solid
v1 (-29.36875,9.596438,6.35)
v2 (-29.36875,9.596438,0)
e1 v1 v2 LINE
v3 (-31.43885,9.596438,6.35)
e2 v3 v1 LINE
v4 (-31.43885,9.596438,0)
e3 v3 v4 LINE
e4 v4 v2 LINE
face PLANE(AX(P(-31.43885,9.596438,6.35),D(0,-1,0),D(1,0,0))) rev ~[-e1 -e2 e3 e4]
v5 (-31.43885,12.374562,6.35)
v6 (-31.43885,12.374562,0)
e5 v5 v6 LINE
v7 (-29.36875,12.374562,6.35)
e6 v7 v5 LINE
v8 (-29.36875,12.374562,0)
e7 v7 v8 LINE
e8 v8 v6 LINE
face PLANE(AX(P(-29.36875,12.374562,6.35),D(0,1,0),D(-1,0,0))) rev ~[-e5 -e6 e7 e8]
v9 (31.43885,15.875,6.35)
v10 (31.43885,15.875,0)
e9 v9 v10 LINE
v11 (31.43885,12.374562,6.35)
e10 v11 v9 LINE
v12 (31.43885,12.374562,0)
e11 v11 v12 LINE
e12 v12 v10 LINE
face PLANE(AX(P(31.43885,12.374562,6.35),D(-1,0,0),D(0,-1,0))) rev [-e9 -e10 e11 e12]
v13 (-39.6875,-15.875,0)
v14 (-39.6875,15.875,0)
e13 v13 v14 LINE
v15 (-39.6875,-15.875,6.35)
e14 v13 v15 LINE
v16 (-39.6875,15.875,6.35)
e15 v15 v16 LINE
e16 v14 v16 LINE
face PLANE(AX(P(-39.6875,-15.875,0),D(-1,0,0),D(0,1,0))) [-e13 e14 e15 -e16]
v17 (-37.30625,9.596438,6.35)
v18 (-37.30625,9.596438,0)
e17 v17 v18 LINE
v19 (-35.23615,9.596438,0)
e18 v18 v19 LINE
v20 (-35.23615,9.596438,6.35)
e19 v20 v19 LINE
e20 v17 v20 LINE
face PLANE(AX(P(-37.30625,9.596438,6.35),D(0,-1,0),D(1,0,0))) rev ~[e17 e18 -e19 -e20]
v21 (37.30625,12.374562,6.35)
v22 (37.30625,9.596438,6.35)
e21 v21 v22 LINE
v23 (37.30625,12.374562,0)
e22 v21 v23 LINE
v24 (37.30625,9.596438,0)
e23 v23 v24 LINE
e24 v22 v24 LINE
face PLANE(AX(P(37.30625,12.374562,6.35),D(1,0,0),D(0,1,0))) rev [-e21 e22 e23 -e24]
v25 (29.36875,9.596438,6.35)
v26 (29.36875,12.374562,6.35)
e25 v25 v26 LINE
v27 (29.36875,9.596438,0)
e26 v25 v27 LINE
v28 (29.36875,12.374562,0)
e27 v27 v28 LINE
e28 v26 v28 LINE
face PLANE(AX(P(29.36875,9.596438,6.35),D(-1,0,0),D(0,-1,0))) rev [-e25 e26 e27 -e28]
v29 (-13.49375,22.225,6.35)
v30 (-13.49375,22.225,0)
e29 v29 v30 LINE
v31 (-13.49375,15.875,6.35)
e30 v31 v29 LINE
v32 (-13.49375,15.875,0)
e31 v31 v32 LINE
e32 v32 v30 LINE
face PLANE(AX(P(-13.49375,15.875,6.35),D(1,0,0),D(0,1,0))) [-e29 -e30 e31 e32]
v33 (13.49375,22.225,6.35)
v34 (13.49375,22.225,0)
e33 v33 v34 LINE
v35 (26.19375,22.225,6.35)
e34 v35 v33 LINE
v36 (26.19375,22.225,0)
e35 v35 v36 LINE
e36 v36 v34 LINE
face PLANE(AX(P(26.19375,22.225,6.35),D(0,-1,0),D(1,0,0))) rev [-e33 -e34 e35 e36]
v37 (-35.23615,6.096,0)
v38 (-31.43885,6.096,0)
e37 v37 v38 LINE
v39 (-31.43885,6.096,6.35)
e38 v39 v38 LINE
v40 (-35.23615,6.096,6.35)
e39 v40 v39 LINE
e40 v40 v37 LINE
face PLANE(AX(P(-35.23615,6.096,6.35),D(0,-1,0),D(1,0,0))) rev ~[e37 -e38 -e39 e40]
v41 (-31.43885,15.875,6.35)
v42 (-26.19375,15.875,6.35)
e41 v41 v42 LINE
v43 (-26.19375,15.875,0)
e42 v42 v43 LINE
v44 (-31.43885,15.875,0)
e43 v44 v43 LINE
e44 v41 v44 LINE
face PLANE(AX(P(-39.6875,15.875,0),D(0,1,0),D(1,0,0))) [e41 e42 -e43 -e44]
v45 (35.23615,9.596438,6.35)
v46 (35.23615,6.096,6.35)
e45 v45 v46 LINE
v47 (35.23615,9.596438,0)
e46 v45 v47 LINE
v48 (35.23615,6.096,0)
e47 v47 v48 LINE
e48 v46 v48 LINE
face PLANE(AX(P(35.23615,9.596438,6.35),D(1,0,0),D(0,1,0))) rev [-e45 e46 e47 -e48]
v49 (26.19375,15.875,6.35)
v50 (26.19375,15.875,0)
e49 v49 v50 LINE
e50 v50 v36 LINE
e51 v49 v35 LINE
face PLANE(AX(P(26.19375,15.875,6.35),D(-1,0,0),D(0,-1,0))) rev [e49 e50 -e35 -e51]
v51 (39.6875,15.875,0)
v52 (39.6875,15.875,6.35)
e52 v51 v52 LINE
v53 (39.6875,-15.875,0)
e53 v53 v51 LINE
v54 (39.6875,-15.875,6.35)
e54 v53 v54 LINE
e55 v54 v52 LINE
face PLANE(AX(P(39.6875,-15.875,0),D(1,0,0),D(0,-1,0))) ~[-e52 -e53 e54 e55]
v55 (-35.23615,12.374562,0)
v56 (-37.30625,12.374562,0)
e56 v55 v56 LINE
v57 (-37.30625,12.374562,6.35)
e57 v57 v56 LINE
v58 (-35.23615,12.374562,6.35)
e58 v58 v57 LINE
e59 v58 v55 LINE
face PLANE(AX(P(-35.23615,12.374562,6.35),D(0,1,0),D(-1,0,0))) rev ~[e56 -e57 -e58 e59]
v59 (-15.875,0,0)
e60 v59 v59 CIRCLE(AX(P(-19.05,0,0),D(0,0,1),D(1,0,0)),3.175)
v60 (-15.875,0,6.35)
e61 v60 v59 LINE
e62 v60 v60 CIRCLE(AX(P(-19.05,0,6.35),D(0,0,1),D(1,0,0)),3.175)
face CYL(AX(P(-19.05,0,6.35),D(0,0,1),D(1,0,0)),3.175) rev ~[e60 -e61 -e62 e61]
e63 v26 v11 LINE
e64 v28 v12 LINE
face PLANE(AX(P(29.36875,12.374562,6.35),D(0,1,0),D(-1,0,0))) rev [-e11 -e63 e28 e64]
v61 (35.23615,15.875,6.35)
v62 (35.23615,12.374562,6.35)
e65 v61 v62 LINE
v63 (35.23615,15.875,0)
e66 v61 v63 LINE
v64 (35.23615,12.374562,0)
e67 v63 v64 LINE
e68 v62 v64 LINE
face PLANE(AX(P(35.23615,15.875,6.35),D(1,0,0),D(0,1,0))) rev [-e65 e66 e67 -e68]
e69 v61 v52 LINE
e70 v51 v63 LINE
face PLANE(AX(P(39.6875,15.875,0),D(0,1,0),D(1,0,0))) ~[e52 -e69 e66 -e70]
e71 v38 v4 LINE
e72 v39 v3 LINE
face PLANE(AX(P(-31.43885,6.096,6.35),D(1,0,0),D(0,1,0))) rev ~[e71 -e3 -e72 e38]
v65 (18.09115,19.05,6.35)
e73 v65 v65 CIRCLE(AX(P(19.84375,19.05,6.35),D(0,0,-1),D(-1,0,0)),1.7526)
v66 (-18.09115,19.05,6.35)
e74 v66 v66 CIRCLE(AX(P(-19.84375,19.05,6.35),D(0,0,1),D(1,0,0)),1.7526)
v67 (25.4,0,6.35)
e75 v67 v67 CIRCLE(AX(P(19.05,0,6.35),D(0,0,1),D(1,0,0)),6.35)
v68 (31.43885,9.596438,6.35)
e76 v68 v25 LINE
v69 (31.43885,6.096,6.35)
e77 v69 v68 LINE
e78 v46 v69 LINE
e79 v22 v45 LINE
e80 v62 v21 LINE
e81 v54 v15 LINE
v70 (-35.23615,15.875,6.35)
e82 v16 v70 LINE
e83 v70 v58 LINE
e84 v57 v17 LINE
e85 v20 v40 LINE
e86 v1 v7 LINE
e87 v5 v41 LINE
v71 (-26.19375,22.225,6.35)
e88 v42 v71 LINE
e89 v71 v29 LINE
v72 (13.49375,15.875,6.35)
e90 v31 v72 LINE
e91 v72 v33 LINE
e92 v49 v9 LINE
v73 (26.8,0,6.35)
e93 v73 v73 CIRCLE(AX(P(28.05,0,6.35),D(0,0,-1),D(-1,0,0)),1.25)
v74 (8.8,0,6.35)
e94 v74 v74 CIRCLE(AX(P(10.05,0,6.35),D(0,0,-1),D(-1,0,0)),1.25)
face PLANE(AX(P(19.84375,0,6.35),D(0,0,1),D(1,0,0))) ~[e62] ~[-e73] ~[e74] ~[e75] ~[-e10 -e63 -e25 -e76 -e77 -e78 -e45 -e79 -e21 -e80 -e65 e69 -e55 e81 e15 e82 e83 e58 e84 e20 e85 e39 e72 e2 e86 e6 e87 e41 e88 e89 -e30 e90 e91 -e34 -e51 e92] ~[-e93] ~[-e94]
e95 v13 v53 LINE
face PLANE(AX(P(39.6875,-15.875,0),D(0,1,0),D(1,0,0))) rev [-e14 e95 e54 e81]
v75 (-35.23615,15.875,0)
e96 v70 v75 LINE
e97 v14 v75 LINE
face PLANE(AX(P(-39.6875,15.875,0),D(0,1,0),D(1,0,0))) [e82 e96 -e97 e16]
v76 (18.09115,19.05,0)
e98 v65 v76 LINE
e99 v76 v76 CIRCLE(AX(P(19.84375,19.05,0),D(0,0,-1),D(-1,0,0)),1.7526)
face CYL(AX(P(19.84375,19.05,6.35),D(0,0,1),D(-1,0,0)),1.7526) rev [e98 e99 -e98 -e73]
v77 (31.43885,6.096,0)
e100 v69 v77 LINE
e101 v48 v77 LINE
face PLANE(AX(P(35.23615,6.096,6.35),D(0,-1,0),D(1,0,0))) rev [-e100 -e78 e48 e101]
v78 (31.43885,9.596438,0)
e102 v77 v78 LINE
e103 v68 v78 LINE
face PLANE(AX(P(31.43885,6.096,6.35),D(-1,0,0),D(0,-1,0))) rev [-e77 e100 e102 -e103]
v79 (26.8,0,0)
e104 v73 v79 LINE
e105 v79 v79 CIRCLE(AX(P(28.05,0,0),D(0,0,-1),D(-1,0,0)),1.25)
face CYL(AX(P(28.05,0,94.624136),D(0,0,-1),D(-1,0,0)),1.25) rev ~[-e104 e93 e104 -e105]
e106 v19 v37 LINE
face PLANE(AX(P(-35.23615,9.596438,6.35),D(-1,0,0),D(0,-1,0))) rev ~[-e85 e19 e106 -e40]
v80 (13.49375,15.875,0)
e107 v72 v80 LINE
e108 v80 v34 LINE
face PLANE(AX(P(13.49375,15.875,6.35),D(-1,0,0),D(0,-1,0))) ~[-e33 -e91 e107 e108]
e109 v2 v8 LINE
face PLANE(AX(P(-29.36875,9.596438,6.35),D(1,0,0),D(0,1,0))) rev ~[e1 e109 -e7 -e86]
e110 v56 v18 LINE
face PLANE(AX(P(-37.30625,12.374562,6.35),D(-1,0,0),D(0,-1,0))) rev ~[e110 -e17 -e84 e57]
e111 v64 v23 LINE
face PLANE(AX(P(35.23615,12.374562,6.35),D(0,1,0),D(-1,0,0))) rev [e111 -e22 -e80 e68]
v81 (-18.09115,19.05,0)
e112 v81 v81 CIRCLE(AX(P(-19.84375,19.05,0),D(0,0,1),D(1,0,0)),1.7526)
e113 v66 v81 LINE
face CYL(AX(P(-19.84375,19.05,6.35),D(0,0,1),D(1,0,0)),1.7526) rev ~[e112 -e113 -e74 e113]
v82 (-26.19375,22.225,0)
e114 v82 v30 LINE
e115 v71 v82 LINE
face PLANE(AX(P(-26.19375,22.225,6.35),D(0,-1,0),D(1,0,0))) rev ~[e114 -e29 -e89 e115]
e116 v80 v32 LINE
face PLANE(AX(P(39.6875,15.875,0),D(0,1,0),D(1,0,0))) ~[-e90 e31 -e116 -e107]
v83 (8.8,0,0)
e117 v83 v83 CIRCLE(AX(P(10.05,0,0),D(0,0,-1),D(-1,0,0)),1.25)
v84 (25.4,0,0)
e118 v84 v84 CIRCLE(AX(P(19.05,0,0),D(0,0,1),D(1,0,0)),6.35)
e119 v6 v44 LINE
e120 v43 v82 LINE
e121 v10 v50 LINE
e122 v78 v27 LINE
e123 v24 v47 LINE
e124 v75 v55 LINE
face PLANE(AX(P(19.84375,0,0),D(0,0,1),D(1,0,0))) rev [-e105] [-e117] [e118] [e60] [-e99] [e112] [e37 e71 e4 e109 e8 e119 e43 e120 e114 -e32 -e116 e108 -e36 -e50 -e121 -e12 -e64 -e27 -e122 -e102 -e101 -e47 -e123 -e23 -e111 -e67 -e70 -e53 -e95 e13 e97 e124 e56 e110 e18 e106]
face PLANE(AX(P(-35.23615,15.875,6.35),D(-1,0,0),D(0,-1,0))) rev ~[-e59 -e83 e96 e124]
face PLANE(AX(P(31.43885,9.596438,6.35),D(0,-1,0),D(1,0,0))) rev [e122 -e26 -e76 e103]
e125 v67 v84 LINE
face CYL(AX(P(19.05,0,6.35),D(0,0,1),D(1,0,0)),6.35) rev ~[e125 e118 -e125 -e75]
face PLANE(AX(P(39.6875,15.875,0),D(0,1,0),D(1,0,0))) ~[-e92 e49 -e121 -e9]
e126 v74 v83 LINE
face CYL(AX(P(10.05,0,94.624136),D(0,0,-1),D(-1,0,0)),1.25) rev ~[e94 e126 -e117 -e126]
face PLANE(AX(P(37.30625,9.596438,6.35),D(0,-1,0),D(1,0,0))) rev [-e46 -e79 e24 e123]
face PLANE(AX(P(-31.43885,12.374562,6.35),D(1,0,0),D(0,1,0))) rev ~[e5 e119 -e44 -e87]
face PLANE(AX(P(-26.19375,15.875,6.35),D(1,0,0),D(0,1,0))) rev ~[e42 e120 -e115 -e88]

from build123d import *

# Parameters (mm, degrees)
SKETCH1_W                   = 39.6875
SKETCH1_H                   = 31.75
BOSS_EXTRUDE1_DEPTH         = 6.35
SKETCH2_R                   = 3.175
CUT_EXTRUDE1_DEPTH          = 6.35
CUT_EXTRUDE4_DEPTH          = 6.35
SKETCH4_W                   = 12.7
SKETCH4_H                   = 6.35
SKETCH4_R                   = 1.7526
BOSS_EXTRUDE2_DEPTH         = 6.35
SKETCH5_R                   = 6.35
CUT_EXTRUDE3_DEPTH          = 6.35
TAP_DRILL_FOR_M3X0_5_TAP1_D = 2.5


with BuildPart() as part:
    # Sketch1 → Boss-Extrude1 (new body)
    with BuildSketch(Plane.XY):
        with Locations((-19.84375, 0)):
            Rectangle(SKETCH1_W, SKETCH1_H)
    boss_extrude1 = extrude(amount=BOSS_EXTRUDE1_DEPTH)

    # Sketch2 → Cut-Extrude1 (cut)
    with BuildSketch(Plane.XY.offset(6.35)):
        with Locations((-19.05, 0)):
            Circle(SKETCH2_R)
    extrude(amount=-CUT_EXTRUDE1_DEPTH, mode=Mode.SUBTRACT)

    # Sketch3 → Cut-Extrude4 (cut)
    with BuildSketch(Plane.XY.offset(6.35)):
        Polygon((-35.23615, 6.096), (-31.43885, 6.096), (-31.43885, 9.5964375), (-29.36875, 9.5964375), (-29.36875, 12.3745625), (-31.43885, 12.3745625), (-31.43885, 15.875), (-35.23615, 15.875), (-35.23615, 12.3745625), (-37.30625, 12.3745625), (-37.30625, 9.5964375), (-35.23615, 9.5964375), align=None)
    cut_extrude4 = extrude(amount=-CUT_EXTRUDE4_DEPTH, mode=Mode.SUBTRACT)

    # Sketch4 → Boss-Extrude2 (add)
    with BuildSketch(Plane.XY.offset(6.35)):
        with Locations((-19.84375, 19.05)):
            Rectangle(SKETCH4_W, SKETCH4_H)
        with Locations((-19.84375, 19.05)):
            Circle(SKETCH4_R, mode=Mode.SUBTRACT)
    boss_extrude2 = extrude(amount=-BOSS_EXTRUDE2_DEPTH)

    # Mirror1: Boss-Extrude1, Cut-Extrude4, Boss-Extrude2 across plane
    add(boss_extrude1.mirror(Plane(origin=(0, -15.875, 6.35), x_dir=(0, 0, 1), z_dir=(-1, 0, 0))))
    add(cut_extrude4.mirror(Plane(origin=(0, -15.875, 6.35), x_dir=(0, 0, 1), z_dir=(-1, 0, 0))), mode=Mode.SUBTRACT)
    add(boss_extrude2.mirror(Plane(origin=(0, -15.875, 6.35), x_dir=(0, 0, 1), z_dir=(-1, 0, 0))))

    # Sketch5 → Cut-Extrude3 (cut)
    with BuildSketch(Plane.XY.offset(6.35)):
        with Locations((19.05, 0)):
            Circle(SKETCH5_R)
    extrude(amount=-CUT_EXTRUDE3_DEPTH, mode=Mode.SUBTRACT)

    # Tap Drill for M3x0.5 Tap1 (through all)
    with Locations(Plane.XY.offset(6.35)):
        with Locations((28.05, 0), (10.05, 0)):
            Hole(TAP_DRILL_FOR_M3X0_5_TAP1_D / 2)


solid = part.part
